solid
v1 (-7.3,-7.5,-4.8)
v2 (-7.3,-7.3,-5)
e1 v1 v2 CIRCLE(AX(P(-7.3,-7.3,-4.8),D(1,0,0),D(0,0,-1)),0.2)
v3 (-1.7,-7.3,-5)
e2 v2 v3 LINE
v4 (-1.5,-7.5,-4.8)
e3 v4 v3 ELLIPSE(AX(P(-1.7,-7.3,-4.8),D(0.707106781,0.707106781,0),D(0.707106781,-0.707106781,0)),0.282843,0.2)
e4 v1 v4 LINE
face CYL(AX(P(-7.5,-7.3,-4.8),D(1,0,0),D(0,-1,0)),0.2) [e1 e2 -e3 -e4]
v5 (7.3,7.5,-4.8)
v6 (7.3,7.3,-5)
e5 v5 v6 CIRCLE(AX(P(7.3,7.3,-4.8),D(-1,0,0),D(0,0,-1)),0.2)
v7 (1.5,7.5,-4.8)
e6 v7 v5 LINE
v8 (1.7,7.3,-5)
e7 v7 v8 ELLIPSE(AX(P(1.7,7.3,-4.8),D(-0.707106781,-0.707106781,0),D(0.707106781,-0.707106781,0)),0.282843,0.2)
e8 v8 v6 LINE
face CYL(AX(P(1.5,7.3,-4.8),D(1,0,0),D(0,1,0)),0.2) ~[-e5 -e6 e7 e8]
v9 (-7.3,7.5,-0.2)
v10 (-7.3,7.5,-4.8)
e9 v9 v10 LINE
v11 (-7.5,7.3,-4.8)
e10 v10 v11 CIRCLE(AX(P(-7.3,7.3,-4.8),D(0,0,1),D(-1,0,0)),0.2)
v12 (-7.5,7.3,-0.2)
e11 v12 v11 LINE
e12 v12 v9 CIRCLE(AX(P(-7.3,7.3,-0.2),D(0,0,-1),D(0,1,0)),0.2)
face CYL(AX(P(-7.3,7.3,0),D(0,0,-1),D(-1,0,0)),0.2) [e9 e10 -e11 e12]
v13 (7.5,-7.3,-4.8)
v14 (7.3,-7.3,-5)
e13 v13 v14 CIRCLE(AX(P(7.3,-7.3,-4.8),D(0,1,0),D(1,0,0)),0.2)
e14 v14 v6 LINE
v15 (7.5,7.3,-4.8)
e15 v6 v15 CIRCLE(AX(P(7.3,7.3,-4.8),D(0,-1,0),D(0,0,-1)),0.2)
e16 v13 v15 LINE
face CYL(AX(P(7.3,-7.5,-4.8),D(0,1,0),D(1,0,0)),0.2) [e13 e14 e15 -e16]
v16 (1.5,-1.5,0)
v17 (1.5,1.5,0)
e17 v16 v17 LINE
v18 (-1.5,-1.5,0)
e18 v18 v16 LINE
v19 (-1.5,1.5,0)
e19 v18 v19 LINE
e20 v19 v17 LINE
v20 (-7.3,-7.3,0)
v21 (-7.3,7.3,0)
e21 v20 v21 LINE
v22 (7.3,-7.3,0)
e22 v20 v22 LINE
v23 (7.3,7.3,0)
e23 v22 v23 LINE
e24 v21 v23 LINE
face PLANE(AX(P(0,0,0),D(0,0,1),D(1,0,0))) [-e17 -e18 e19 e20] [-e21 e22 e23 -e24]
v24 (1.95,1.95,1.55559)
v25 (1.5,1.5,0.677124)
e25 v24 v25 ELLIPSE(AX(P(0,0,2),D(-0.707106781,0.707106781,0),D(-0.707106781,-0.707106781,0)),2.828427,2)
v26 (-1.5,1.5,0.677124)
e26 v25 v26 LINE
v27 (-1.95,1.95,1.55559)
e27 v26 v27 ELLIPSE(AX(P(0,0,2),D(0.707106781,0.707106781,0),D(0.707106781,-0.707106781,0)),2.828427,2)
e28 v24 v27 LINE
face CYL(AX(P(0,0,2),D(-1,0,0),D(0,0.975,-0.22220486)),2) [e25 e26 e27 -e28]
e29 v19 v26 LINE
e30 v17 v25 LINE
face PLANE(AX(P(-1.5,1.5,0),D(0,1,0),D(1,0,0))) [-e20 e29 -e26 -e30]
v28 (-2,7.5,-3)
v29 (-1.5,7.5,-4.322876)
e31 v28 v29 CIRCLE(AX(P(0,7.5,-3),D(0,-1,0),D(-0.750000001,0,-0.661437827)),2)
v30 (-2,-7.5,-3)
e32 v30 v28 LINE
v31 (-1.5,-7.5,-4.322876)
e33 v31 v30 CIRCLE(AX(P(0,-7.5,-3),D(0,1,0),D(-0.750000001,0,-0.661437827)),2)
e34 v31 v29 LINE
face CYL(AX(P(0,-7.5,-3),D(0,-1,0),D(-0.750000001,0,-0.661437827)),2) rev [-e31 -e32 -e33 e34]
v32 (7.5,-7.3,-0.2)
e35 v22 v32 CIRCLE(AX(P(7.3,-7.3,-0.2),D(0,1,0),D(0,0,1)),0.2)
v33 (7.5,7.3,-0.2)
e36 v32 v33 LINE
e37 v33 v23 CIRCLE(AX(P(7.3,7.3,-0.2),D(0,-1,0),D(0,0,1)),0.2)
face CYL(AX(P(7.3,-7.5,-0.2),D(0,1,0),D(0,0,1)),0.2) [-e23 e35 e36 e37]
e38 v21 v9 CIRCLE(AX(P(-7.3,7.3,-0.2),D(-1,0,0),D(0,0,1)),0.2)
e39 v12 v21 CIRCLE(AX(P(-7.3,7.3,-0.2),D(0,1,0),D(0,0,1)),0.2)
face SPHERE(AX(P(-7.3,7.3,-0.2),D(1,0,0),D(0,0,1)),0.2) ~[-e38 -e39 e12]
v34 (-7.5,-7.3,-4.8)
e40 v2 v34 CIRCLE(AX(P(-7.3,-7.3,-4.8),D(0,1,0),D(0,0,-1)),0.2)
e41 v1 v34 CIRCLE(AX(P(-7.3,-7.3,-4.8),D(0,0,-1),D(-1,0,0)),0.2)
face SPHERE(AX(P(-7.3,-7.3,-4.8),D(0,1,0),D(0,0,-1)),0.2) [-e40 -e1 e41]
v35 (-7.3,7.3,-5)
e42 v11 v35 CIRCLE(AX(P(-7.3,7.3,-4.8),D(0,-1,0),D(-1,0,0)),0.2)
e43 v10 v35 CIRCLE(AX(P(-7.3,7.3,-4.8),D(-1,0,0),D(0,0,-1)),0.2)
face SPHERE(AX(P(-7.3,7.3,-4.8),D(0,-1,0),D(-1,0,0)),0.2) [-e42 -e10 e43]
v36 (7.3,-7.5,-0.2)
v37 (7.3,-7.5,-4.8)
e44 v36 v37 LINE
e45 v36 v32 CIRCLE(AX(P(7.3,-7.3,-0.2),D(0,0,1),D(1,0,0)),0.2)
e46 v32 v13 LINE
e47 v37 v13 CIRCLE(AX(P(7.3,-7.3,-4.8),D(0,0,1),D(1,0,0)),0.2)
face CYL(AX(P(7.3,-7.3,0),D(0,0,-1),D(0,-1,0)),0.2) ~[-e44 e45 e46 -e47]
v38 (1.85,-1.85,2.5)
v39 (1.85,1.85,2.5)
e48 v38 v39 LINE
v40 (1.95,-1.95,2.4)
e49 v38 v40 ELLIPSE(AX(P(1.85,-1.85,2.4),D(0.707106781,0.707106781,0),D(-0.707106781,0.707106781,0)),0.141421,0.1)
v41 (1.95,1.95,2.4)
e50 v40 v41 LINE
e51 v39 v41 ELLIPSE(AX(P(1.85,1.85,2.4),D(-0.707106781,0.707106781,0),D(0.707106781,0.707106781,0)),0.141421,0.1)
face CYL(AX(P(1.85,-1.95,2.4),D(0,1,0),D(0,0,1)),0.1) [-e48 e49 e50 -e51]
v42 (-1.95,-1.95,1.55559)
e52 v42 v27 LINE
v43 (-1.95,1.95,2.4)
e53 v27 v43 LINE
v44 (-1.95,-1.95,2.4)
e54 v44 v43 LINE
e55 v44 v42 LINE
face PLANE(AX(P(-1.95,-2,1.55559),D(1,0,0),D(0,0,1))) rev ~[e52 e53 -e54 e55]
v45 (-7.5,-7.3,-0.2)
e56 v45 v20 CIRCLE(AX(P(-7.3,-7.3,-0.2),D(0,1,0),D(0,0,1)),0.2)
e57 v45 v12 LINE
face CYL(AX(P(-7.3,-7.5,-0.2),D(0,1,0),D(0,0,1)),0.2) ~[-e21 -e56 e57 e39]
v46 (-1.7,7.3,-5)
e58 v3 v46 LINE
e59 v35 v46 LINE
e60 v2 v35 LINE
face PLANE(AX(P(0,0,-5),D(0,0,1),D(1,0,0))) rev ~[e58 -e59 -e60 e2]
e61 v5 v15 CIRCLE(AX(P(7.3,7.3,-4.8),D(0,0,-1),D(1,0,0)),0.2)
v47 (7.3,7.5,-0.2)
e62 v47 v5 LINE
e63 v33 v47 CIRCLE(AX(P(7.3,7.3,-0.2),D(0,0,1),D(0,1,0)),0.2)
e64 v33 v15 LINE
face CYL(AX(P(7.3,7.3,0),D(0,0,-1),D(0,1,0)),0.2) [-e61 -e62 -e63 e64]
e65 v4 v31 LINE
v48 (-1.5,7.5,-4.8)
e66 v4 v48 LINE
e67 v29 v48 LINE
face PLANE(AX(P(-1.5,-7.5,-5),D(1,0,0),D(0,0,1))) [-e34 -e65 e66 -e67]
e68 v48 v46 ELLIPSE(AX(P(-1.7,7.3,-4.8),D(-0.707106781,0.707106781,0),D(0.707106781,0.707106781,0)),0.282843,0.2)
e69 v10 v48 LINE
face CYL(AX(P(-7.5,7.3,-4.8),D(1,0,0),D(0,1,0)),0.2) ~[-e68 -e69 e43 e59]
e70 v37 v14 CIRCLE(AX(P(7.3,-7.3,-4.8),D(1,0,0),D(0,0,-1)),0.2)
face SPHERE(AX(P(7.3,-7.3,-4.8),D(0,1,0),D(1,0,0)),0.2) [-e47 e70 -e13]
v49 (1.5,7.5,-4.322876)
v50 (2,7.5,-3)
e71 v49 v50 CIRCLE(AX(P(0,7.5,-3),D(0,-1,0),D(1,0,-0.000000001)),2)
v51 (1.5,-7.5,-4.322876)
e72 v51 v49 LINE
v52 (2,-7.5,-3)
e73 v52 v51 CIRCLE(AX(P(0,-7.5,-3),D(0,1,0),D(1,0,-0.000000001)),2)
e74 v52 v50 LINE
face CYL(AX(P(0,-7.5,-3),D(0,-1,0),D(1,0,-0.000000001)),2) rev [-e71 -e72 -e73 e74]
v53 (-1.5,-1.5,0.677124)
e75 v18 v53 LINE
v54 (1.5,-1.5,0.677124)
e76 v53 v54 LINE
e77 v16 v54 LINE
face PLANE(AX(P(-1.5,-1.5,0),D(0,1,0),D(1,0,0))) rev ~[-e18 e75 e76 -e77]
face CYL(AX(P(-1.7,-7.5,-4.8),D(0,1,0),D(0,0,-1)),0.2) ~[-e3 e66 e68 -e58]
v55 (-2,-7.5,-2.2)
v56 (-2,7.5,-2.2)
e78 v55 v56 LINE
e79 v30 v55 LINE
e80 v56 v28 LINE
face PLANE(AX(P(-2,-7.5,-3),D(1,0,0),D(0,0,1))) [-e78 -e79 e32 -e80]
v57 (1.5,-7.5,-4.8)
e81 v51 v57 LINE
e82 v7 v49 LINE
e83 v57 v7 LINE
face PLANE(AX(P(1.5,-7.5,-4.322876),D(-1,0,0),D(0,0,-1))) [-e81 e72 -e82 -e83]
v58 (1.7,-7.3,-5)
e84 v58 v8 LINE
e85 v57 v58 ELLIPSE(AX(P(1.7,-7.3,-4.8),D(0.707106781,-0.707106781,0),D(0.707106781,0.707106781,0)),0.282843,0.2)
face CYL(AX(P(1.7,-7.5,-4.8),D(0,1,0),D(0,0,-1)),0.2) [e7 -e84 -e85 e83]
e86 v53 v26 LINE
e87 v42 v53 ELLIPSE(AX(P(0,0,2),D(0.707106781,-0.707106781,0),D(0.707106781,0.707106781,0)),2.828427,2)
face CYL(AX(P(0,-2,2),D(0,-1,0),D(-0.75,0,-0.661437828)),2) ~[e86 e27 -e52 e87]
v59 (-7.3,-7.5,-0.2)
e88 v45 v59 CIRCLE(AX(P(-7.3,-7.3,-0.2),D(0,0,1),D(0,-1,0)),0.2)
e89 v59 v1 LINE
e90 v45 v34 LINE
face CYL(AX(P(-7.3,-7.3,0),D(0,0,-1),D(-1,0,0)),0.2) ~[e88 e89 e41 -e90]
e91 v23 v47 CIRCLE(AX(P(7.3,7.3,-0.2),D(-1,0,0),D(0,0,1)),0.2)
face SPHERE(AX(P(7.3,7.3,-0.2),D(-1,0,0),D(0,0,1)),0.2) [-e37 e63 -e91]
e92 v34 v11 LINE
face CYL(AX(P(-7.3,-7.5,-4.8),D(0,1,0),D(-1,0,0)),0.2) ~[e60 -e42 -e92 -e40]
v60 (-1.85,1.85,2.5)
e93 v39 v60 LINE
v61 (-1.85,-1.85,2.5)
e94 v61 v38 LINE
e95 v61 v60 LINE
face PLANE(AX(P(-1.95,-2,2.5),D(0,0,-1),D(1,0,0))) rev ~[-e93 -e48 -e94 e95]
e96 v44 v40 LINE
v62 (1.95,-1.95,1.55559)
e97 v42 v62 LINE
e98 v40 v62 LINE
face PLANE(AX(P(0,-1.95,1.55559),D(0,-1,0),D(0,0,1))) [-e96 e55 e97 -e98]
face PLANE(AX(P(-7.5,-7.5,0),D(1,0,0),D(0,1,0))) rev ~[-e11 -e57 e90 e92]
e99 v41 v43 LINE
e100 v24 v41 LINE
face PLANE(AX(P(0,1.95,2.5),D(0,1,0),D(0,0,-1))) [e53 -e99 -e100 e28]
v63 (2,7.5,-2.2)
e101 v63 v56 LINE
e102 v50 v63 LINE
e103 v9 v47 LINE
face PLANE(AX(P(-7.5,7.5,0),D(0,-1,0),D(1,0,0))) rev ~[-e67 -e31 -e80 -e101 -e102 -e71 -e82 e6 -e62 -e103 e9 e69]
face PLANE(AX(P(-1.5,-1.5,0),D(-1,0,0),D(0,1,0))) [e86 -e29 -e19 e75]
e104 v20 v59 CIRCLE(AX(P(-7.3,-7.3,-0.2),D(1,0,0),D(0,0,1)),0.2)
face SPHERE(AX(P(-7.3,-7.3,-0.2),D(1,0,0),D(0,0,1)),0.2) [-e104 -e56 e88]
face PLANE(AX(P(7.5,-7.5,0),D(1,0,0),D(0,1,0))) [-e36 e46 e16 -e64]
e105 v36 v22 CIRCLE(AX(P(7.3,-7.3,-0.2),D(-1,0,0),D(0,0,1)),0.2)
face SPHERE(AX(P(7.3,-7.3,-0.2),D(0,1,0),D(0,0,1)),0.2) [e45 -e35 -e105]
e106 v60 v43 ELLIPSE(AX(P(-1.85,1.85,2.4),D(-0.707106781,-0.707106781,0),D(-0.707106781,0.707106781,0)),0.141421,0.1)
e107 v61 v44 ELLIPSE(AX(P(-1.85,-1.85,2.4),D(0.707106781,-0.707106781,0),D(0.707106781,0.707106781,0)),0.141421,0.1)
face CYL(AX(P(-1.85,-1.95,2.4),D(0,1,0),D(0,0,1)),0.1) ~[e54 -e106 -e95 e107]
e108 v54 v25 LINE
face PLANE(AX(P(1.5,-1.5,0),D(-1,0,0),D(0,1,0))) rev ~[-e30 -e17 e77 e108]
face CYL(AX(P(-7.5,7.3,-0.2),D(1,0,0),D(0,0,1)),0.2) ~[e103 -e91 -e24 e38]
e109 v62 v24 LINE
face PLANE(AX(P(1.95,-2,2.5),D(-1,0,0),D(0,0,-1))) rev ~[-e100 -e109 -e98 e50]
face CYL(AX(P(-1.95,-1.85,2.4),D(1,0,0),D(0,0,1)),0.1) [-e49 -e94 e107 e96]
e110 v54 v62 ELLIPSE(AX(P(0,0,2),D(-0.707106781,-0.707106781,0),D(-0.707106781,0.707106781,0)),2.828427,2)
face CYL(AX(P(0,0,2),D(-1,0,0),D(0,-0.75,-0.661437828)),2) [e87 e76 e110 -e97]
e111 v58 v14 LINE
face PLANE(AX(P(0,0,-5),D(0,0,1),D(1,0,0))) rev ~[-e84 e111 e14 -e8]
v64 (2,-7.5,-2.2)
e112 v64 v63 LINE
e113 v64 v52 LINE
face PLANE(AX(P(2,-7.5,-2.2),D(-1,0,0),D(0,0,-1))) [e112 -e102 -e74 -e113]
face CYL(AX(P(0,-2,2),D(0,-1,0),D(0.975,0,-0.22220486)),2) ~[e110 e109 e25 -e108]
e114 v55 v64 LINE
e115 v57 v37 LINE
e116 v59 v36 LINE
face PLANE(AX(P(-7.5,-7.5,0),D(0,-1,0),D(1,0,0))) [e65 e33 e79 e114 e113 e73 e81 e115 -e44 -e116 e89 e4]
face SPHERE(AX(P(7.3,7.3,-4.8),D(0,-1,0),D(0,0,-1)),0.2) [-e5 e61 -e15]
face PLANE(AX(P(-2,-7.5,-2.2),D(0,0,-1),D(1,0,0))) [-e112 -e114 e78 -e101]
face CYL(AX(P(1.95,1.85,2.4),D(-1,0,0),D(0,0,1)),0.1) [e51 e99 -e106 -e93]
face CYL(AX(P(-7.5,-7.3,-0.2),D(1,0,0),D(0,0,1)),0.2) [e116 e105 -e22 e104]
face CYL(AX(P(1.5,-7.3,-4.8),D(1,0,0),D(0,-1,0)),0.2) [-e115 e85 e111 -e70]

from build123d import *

# Parameters (mm, degrees)
SKETCH_1_W                      = 15
SKETCH_1_H                      = 15
EXTRUDE_1_DEPTH                 = 5
SKETCH_2_W                      = 3
SKETCH_2_H                      = 3
EXTRUDE_2_DEPTH                 = 1
EXTRUDE_3_DEPTH                 = 2
EXTRUDE_3_DEPTH_BACK            = 2
CUT_EXTRUDE_1_REACH             = 13.726
CUT_EXTRUDE_1_DIRECTION_2_REACH = 13.726
CUT_EXTRUDE_2_REACH             = 19.5
FILLET_1_R                      = 0.1
FILLET_2_R                      = 0.2


with BuildPart() as part:
    # 草图1 → 凸台-拉伸1 (new body)
    with BuildSketch(Plane.XY):
        Rectangle(SKETCH_1_W, SKETCH_1_H)
    extrude(amount=-EXTRUDE_1_DEPTH)

    # 草图2 → 凸台-拉伸2 (add)
    with BuildSketch(Plane.XY):
        Rectangle(SKETCH_2_W, SKETCH_2_H)
    extrude(amount=EXTRUDE_2_DEPTH)

    # 草图3 → 凸台-拉伸3 (add, two sides: drawn at the far end of the back side and taken through both)
    with BuildSketch(Plane(origin=(0, 0, 0), x_dir=(1, 0, 0), z_dir=(0, 1, 0)).offset(-EXTRUDE_3_DEPTH_BACK)):
        with BuildLine():
            Line((-1.95, -2.5), (1.95, -2.5))
            Line((1.95, -2.5), (1.95, -1.555590279))
            ThreePointArc((1.95, -1.555590279), (1.780042303, -1.088161527), (1.5, -0.677124344))
            Line((1.5, -0.677124344), (-1.5, -0.677124344))
            ThreePointArc((-1.5, -0.677124344), (-1.780042303, -1.088161527), (-1.95, -1.555590279))
            Line((-1.95, -1.555590279), (-1.95, -2.5))
        make_face()
    extrude(amount=EXTRUDE_3_DEPTH + EXTRUDE_3_DEPTH_BACK)

    # 草图4 → 切除-拉伸1 (cut, up to next)
    with BuildSketch(Plane(origin=(0, 0, 0), x_dir=(0, 0, -1), z_dir=(1, 0, 0)), mode=Mode.PRIVATE) as cut_extrude_1_sk1:
        with BuildLine():
            Line((-2.5, 1.95), (-1.555590279, 1.95))
            ThreePointArc((-1.555590279, 1.95), (-1.088161527, 1.780042303), (-0.677124344, 1.5))
            Line((-0.677124344, 1.5), (-0.677124344, 2))
            Line((-0.677124344, 2), (-2.5, 2))
            Line((-2.5, 2), (-2.5, 1.95))
        make_face()
    cut_extrude_1_tool1 = extrude(cut_extrude_1_sk1.sketch, amount=-CUT_EXTRUDE_1_REACH, mode=Mode.PRIVATE) & part.part
    # 草图4 → 切除-拉伸1 (cut, up to next)
    with BuildSketch(Plane(origin=(0, 0, 0), x_dir=(0, 0, -1), z_dir=(1, 0, 0)), mode=Mode.PRIVATE) as cut_extrude_1_sk2:
        with BuildLine():
            Line((-2.5, -2), (-0.677124344, -2))
            Line((-0.677124344, -2), (-0.677124344, -1.5))
            ThreePointArc((-0.677124344, -1.5), (-1.088161527, -1.780042303), (-1.555590279, -1.95))
            Line((-1.555590279, -1.95), (-2.5, -1.95))
            Line((-2.5, -1.95), (-2.5, -2))
        make_face()
    cut_extrude_1_tool2 = extrude(cut_extrude_1_sk2.sketch, amount=-CUT_EXTRUDE_1_REACH, mode=Mode.PRIVATE) & part.part
    add(cut_extrude_1_tool1.solids().sort_by_distance((0, 1.873038, 1.175075))[0], mode=Mode.SUBTRACT)
    add(cut_extrude_1_tool2.solids().sort_by_distance((0, -1.873038, 1.175075))[0], mode=Mode.SUBTRACT)

    # 草图4 → 切除-拉伸1 direction 2 (cut, up to next)
    with BuildSketch(Plane(origin=(0, 0, 0), x_dir=(0, 0, -1), z_dir=(1, 0, 0)), mode=Mode.PRIVATE) as cut_extrude_1_direction_2_sk1:
        with BuildLine():
            Line((-2.5, 1.95), (-1.555590279, 1.95))
            ThreePointArc((-1.555590279, 1.95), (-1.088161527, 1.780042303), (-0.677124344, 1.5))
            Line((-0.677124344, 1.5), (-0.677124344, 2))
            Line((-0.677124344, 2), (-2.5, 2))
            Line((-2.5, 2), (-2.5, 1.95))
        make_face()
    cut_extrude_1_direction_2_tool1 = extrude(cut_extrude_1_direction_2_sk1.sketch, amount=CUT_EXTRUDE_1_DIRECTION_2_REACH, mode=Mode.PRIVATE) & part.part
    # 草图4 → 切除-拉伸1 direction 2 (cut, up to next)
    with BuildSketch(Plane(origin=(0, 0, 0), x_dir=(0, 0, -1), z_dir=(1, 0, 0)), mode=Mode.PRIVATE) as cut_extrude_1_direction_2_sk2:
        with BuildLine():
            Line((-2.5, -2), (-0.677124344, -2))
            Line((-0.677124344, -2), (-0.677124344, -1.5))
            ThreePointArc((-0.677124344, -1.5), (-1.088161527, -1.780042303), (-1.555590279, -1.95))
            Line((-1.555590279, -1.95), (-2.5, -1.95))
            Line((-2.5, -1.95), (-2.5, -2))
        make_face()
    cut_extrude_1_direction_2_tool2 = extrude(cut_extrude_1_direction_2_sk2.sketch, amount=CUT_EXTRUDE_1_DIRECTION_2_REACH, mode=Mode.PRIVATE) & part.part
    add(cut_extrude_1_direction_2_tool1.solids().sort_by_distance((0, 1.873038, 1.175075))[0], mode=Mode.SUBTRACT)
    add(cut_extrude_1_direction_2_tool2.solids().sort_by_distance((0, -1.873038, 1.175075))[0], mode=Mode.SUBTRACT)

    # 草图5 → 切除-拉伸2 (cut, up to next)
    with BuildSketch(Plane.XZ.offset(7.5), mode=Mode.PRIVATE) as cut_extrude_2_sk1:
        with BuildLine():
            Line((-1.5, -5), (-1.5, -4.322875656))
            ThreePointArc((-1.5, -4.322875656), (-1.870828693, -3.707106781), (-2, -3))
            Line((-2, -3), (-2, -2.2))
            Line((-2, -2.2), (2, -2.2))
            Line((2, -2.2), (2, -3))
            ThreePointArc((2, -3), (1.870828693, -3.707106781), (1.5, -4.322875656))
            Line((1.5, -4.322875656), (1.5, -5))
            Line((1.5, -5), (-1.5, -5))
        make_face()
    cut_extrude_2_tool1 = extrude(cut_extrude_2_sk1.sketch, amount=-CUT_EXTRUDE_2_REACH, mode=Mode.PRIVATE) & part.part
    add(cut_extrude_2_tool1.solids().sort_by_distance((0, -7.5, -3.51237))[0], mode=Mode.SUBTRACT)

    # 圆角1
    fillet_1_edges = [part.edges().sort_by_distance(p)[0] for p in [
        (-1.95, 0, 2.5),
        (1.95, 0, 2.5),
        (0, -1.95, 2.5),
        (0, 1.95, 2.5),
    ]]
    fillet(fillet_1_edges, radius=FILLET_1_R)

    # 圆角2
    fillet_2_edges = [part.edges().sort_by_distance(p)[0] for p in [
        (7.5, 0, -5),
        (4.5, 7.5, -5),
        (-7.5, 0, -5),
        (0, 7.5, 0),
        (7.5, 0, 0),
        (0, -7.5, 0),
        (-7.5, 0, 0),
        (-4.5, -7.5, -5),
        (-7.5, 7.5, -2.5),
        (7.5, 7.5, -2.5),
        (7.5, -7.5, -2.5),
        (-7.5, -7.5, -2.5),
        (-4.5, 7.5, -5),
        (4.5, -7.5, -5),
        (1.5, 0, -5),
        (-1.5, 0, -5),
    ]]
    fillet(fillet_2_edges, radius=FILLET_2_R)


solid = part.part
